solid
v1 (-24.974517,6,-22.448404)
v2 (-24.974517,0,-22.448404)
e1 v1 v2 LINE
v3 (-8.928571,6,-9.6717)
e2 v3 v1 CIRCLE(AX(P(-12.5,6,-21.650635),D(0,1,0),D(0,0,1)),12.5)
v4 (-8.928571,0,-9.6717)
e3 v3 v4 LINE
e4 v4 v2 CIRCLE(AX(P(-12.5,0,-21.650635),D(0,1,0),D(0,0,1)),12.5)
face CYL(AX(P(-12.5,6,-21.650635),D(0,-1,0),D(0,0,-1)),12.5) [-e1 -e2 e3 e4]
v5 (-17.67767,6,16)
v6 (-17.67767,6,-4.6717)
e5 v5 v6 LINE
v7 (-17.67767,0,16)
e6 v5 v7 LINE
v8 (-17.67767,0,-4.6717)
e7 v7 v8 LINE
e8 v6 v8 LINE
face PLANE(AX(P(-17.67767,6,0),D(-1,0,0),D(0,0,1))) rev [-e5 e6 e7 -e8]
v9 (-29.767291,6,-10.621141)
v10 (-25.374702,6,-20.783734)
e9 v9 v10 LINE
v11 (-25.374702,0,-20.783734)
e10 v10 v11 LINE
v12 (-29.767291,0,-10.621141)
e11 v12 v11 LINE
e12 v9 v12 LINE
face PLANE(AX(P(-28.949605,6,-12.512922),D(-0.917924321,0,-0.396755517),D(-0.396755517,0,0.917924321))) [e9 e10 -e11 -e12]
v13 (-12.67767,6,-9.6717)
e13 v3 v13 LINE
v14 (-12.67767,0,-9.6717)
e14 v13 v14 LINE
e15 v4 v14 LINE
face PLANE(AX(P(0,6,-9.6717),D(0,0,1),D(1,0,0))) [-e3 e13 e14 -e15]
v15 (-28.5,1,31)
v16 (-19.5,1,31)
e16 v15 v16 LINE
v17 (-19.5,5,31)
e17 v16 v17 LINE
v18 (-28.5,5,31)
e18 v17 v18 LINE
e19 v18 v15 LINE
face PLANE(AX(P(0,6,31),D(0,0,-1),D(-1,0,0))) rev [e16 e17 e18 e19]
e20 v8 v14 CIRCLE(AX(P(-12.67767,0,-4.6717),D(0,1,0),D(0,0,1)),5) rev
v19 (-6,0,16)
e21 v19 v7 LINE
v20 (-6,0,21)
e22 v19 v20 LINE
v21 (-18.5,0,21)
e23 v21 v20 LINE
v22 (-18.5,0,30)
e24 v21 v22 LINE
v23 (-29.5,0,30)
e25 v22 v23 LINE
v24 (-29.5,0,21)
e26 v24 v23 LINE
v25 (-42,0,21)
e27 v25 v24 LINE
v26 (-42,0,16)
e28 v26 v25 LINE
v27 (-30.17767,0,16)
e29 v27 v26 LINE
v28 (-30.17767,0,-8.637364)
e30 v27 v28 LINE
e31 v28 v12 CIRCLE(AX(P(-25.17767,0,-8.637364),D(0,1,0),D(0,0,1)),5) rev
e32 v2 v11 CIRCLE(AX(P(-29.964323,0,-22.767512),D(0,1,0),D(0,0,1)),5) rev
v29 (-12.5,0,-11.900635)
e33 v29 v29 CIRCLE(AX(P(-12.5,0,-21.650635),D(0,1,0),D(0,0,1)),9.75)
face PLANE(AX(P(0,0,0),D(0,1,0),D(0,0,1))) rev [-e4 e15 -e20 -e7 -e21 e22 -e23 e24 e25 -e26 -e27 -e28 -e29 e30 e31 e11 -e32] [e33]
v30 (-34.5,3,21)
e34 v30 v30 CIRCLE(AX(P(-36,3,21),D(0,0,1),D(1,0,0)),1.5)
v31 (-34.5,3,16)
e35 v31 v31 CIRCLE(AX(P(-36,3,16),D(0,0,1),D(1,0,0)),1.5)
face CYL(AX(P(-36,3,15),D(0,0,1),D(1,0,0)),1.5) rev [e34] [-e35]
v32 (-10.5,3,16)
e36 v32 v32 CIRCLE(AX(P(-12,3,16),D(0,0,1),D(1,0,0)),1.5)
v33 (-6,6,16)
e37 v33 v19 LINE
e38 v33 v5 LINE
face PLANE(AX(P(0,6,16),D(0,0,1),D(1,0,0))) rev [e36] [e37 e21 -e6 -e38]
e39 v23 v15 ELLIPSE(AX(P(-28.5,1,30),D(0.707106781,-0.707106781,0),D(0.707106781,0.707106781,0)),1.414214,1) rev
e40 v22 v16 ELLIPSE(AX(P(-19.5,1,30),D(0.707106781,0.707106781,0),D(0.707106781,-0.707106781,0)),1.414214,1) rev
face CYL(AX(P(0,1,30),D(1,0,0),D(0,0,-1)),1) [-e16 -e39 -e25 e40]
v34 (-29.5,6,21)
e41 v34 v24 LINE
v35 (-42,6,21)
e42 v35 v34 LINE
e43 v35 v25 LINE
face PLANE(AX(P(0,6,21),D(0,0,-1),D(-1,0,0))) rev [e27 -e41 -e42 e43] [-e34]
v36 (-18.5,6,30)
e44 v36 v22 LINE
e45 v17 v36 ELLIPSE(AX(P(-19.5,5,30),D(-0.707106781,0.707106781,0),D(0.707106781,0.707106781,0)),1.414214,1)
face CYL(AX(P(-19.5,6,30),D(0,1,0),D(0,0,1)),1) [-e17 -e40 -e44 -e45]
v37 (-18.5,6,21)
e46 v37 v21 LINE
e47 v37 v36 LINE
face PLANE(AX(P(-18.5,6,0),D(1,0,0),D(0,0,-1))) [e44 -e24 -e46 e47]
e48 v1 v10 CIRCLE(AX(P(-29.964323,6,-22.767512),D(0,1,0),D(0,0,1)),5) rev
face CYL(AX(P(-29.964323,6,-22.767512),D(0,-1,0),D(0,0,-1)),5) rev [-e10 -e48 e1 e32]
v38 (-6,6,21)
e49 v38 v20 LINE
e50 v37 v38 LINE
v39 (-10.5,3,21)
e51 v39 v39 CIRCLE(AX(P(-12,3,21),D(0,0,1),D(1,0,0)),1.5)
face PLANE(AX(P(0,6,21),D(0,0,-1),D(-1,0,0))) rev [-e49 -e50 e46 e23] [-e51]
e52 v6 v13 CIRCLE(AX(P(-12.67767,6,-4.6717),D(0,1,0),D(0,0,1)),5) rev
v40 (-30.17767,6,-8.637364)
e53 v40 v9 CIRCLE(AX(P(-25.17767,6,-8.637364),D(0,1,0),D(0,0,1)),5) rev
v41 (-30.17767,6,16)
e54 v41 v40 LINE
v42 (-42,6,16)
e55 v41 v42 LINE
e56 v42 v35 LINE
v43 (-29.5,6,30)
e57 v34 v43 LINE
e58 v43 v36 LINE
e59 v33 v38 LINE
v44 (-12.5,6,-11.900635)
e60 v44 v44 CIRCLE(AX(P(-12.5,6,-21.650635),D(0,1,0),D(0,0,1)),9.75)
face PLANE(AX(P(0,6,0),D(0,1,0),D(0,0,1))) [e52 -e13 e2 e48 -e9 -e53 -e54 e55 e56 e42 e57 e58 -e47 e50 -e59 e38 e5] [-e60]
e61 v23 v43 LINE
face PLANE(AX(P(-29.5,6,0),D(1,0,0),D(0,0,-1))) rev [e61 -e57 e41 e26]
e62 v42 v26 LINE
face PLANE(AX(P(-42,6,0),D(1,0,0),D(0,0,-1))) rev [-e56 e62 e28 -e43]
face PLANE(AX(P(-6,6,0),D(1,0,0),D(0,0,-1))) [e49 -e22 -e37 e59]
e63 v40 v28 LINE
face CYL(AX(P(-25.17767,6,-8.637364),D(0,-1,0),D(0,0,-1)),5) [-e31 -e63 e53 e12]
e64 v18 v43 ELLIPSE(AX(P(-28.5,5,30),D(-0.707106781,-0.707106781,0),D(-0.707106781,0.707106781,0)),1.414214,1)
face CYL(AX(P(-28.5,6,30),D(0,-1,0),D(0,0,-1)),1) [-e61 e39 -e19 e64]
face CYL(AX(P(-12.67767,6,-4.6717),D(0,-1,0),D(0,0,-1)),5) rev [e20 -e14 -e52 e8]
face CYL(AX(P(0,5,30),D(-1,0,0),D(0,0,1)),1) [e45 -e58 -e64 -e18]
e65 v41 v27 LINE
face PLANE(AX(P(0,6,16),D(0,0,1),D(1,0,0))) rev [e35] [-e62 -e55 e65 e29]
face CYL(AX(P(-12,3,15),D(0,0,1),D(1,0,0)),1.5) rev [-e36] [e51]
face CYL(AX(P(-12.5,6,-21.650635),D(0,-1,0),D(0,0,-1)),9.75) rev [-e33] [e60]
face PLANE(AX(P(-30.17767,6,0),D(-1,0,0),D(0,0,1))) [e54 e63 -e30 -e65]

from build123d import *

# Parameters (mm, degrees)
CROQUIS1_R              = 9.75
SALIENTE_EXTRUIR1_DEPTH = 6
CROQUIS2_R              = 1.5
CORTAR_EXTRUIR1_DEPTH   = 6
REDONDEO1_R             = 1


with BuildPart() as part:
    # Croquis1 → Saliente-Extruir1 (new body)
    with BuildSketch(Plane(origin=(0, 0, 0), x_dir=(1, 0, 0), z_dir=(0, 1, 0))):
        with BuildLine():
            Line((-25.374701647, 20.783734094), (-29.767291136, 10.621141392))
            ThreePointArc((-29.767291136, 10.621141392), (-29.942112128, 10.153967486), (-30.069514751, 9.671699501))
            ThreePointArc((-30.069514751, 9.671699501), (-30.150557328, 9.157351254), (-30.17766953, 8.637363805))
            Line((-30.17766953, 8.637363805), (-30.17766953, -16))
            Line((-30.17766953, -16), (-42, -16))
            Line((-42, -16), (-42, -21))
            Line((-42, -21), (-29.5, -21))
            Line((-29.5, -21), (-29.5, -31))
            Line((-29.5, -31), (-18.5, -31))
            Line((-18.5, -31), (-18.5, -21))
            Line((-18.5, -21), (-6, -21))
            Line((-6, -21), (-6, -16))
            Line((-6, -16), (-17.67766953, -16))
            Line((-17.67766953, -16), (-17.67766953, 4.671699501))
            ThreePointArc((-17.67766953, 4.671699501), (-16.213203436, 8.207233407), (-12.67766953, 9.671699501))
            Line((-12.67766953, 9.671699501), (-8.928571429, 9.671699501))
            ThreePointArc((-8.928571429, 9.671699501), (-4.713647249, 31.429321655), (-24.974516609, 22.448404084))
            ThreePointArc((-24.974516609, 22.448404084), (-25.102827296, 21.598812807), (-25.374701647, 20.783734094))
        make_face()
        with Locations((-12.5, 21.650635095)):
            Circle(CROQUIS1_R, mode=Mode.SUBTRACT)
    extrude(amount=SALIENTE_EXTRUIR1_DEPTH)

    # Croquis2 → Cortar-Extruir1 (cut)
    with BuildSketch(Plane.XY.offset(21)):
        with Locations((-36, 3)):
            Circle(CROQUIS2_R)
        with Locations((-12, 3)):
            Circle(CROQUIS2_R)
    extrude(amount=-CORTAR_EXTRUIR1_DEPTH, mode=Mode.SUBTRACT)

    # Redondeo1
    redondeo1_edges = [part.edges().sort_by_distance(p)[0] for p in [
        (-24, 0, 31),
        (-18.5, 3, 31),
        (-29.5, 3, 31),
        (-24, 6, 31),
    ]]
    fillet(redondeo1_edges, radius=REDONDEO1_R)


solid = part.part
